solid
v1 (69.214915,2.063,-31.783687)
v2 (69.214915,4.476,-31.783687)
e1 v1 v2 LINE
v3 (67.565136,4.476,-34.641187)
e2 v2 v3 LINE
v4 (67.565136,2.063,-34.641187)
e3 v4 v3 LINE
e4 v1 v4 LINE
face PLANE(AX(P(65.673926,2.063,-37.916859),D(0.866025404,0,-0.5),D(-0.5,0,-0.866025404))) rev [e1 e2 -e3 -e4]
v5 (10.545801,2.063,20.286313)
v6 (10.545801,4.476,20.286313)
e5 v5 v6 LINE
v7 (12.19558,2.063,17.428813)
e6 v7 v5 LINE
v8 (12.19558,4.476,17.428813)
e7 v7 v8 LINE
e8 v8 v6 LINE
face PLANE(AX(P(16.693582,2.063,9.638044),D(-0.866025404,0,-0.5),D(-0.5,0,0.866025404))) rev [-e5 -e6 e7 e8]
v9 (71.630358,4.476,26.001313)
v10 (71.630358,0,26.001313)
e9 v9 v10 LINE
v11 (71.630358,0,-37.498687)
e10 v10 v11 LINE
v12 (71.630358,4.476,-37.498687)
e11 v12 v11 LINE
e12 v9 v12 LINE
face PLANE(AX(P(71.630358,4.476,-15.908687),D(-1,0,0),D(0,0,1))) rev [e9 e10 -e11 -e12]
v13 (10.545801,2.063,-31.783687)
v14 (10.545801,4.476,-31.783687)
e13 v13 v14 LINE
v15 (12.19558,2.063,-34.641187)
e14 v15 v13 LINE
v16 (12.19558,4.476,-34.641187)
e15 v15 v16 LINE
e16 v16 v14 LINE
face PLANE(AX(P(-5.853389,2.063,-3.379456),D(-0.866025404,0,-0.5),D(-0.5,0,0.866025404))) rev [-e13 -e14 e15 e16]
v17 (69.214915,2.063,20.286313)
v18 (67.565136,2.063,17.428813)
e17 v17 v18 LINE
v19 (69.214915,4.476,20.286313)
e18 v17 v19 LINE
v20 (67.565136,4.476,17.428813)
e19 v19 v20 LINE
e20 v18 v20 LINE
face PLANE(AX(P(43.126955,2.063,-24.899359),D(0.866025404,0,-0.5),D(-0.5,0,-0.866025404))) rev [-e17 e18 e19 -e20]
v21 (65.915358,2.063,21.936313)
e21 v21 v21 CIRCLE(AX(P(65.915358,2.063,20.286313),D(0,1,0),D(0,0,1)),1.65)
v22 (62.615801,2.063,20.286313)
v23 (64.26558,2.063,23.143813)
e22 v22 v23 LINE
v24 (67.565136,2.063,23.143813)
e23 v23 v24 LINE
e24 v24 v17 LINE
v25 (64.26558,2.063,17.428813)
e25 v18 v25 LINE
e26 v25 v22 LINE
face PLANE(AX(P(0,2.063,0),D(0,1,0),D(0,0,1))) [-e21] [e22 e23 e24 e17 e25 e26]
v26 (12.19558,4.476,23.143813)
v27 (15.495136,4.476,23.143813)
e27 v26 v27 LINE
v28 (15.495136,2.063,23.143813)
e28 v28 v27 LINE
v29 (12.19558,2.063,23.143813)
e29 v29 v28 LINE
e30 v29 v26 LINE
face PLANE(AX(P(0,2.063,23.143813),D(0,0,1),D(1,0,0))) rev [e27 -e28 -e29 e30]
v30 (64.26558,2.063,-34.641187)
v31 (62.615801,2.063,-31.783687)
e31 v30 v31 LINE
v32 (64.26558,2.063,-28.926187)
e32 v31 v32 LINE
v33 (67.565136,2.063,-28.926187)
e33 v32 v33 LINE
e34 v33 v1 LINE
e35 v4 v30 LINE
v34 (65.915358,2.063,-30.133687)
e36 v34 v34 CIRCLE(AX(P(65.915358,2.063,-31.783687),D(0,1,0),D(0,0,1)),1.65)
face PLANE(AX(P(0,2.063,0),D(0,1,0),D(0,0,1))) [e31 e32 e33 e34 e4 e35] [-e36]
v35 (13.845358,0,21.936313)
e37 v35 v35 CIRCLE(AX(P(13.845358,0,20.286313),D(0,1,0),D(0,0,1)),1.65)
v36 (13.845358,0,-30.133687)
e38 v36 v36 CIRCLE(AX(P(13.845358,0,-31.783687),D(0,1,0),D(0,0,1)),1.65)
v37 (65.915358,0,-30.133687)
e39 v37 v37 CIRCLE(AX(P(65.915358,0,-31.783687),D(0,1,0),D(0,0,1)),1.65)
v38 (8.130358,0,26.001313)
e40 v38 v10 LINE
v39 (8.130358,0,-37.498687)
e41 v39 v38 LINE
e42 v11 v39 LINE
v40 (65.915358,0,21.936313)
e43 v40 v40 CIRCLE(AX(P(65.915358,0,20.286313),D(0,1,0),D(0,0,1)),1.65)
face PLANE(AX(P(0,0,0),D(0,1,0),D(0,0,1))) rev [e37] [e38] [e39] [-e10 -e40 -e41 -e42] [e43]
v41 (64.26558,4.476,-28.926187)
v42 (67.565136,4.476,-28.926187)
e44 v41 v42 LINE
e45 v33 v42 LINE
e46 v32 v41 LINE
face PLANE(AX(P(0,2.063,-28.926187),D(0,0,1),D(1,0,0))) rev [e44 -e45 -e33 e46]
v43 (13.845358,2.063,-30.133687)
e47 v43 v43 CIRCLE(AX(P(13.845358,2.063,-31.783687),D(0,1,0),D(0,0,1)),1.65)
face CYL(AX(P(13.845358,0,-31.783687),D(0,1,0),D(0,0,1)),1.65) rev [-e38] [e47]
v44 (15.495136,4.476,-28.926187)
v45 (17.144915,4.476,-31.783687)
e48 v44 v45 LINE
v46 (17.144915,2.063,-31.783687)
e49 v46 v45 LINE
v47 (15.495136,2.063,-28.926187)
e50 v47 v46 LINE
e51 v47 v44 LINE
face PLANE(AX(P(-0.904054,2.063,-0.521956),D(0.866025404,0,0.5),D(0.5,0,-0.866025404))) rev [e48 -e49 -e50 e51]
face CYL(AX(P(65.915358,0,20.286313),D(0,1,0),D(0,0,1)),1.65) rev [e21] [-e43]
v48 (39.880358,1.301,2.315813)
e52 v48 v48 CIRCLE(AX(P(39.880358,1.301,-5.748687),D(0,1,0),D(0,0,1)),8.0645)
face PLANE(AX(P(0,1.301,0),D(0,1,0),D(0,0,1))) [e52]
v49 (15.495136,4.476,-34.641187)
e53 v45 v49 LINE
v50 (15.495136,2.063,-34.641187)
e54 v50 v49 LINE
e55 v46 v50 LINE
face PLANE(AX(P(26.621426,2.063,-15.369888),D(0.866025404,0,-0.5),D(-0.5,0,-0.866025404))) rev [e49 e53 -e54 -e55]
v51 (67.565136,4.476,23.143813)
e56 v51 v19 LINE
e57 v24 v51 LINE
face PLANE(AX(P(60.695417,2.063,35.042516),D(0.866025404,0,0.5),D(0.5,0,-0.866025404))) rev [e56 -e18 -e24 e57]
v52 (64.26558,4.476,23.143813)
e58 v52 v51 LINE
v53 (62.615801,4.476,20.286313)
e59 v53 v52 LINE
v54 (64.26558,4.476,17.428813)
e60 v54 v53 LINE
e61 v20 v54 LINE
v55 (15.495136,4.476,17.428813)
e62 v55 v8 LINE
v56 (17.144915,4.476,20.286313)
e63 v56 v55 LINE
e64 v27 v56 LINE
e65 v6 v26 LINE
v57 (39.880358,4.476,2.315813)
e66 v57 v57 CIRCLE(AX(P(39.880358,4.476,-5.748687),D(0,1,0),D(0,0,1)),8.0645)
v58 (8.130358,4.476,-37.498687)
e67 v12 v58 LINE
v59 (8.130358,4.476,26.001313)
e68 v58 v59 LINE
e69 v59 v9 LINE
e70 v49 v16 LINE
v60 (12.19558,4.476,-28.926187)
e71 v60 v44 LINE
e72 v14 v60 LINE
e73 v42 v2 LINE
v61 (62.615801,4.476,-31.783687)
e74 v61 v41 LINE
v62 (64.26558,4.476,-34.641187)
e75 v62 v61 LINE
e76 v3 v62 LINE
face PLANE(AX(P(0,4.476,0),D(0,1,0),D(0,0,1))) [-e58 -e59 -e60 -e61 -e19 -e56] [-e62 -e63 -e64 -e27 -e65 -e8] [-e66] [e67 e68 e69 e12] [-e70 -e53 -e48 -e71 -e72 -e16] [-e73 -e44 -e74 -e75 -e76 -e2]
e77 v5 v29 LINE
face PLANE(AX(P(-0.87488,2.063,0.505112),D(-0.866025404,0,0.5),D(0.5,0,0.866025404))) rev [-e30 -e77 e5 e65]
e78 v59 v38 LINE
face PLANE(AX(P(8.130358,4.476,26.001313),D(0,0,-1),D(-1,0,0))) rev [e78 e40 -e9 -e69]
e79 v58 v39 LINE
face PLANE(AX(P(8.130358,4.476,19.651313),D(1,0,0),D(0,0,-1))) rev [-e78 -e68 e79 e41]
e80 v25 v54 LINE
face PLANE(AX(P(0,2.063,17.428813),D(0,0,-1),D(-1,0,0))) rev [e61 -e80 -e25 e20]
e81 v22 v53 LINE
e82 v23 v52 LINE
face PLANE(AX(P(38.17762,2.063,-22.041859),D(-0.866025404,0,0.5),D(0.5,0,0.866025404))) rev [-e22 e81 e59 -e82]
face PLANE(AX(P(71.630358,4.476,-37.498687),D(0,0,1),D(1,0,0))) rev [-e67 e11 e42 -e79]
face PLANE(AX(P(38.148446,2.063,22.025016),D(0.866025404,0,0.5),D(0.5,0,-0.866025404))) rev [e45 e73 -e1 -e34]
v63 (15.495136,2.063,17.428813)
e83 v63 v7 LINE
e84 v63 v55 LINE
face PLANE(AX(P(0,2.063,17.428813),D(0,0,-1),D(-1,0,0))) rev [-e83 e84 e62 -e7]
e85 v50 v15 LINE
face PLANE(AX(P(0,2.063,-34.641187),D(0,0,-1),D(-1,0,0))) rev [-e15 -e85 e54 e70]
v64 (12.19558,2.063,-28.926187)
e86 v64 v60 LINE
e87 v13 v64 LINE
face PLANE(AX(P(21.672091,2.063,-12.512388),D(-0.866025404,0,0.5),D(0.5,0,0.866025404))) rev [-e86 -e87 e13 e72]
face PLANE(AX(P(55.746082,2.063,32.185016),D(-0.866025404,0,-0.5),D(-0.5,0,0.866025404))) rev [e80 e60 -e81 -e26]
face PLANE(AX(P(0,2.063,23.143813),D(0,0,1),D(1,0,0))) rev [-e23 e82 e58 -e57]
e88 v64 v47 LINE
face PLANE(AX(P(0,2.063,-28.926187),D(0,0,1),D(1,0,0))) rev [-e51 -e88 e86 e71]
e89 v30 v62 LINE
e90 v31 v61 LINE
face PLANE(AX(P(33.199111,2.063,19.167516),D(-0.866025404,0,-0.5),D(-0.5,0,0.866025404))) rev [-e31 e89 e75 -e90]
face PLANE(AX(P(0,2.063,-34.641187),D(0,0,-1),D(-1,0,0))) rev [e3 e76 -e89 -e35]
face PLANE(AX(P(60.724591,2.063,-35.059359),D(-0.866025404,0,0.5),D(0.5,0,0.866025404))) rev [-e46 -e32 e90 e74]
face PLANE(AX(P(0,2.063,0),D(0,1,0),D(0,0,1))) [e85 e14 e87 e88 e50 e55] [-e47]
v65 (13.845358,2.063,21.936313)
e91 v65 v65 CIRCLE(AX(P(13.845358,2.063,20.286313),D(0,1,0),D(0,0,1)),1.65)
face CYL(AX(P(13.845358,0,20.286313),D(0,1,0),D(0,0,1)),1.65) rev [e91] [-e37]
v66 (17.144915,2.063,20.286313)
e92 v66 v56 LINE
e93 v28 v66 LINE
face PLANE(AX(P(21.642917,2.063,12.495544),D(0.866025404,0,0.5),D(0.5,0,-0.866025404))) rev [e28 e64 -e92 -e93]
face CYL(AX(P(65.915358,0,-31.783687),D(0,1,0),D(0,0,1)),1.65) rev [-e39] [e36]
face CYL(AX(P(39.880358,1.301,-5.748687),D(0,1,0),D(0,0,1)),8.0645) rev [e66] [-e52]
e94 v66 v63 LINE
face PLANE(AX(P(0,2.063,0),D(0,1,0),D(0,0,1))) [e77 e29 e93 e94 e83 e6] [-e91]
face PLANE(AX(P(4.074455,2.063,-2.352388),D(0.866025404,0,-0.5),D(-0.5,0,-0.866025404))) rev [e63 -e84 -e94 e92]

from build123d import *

# Parameters (mm, degrees)
BOSS_EXTRUDE1_DEPTH = 4.476
CUT_EXTRUDE1_DEPTH  = 2.413
SKETCH4_R           = 1.65
CUT_EXTRUDE2_DEPTH  = 5.476
SKETCH5_R           = 8.0645
CUT_EXTRUDE3_DEPTH  = 3.175


with BuildPart() as part:
    # Sketch1 → Boss-Extrude1 (new body)
    with BuildSketch(Plane(origin=(0, 0, 0), x_dir=(1, 0, 0), z_dir=(0, 1, 0))):
        Polygon((8.13035809, -26.001312997), (71.63035809, -26.001312997), (71.63035809, -13.301312997), (71.63035809, 15.908687003), (71.63035809, 37.498687003), (8.13035809, 37.498687003), (8.13035809, 22.258687003), (8.13035809, -19.651312997), align=None)
    extrude(amount=BOSS_EXTRUDE1_DEPTH)

    # Sketch2 → Cut-Extrude1 (cut)
    with BuildSketch(Plane(origin=(0, 4.476, 0), x_dir=(1, 0, 0), z_dir=(0, 1, 0))):
        Polygon((64.265579696, 28.926187003), (67.565136484, 28.926187003), (69.214914879, 31.783687003), (67.565136484, 34.641187003), (64.265579696, 34.641187003), (62.615801302, 31.783687003), align=None)
        Polygon((17.144914879, 31.783687003), (15.495136484, 34.641187003), (12.195579696, 34.641187003), (10.545801302, 31.783687003), (12.195579696, 28.926187003), (15.495136484, 28.926187003), align=None)
        Polygon((64.265579696, -23.143812997), (67.565136484, -23.143812997), (69.214914879, -20.286312997), (67.565136484, -17.428812997), (64.265579696, -17.428812997), (62.615801302, -20.286312997), align=None)
        Polygon((12.195579696, -23.143812997), (15.495136484, -23.143812997), (17.144914879, -20.286312997), (15.495136484, -17.428812997), (12.195579696, -17.428812997), (10.545801302, -20.286312997), align=None)
    extrude(amount=-CUT_EXTRUDE1_DEPTH, mode=Mode.SUBTRACT)

    # Sketch4 → Cut-Extrude2 (cut, through all)
    with BuildSketch(Plane(origin=(0, 4.476, 0), x_dir=(1, 0, 0), z_dir=(0, 1, 0))):
        with Locations((65.91535809, 31.783687003)):
            Circle(SKETCH4_R)
        with Locations((13.84535809, 31.783687003)):
            Circle(SKETCH4_R)
        with Locations((65.91535809, -20.286312997)):
            Circle(SKETCH4_R)
        with Locations((13.84535809, -20.286312997)):
            Circle(SKETCH4_R)
    extrude(amount=-CUT_EXTRUDE2_DEPTH, mode=Mode.SUBTRACT)

    # Sketch5 → Cut-Extrude3 (cut)
    with BuildSketch(Plane(origin=(0, 4.476, 0), x_dir=(1, 0, 0), z_dir=(0, 1, 0))):
        with Locations((39.88035809, 5.748687003)):
            Circle(SKETCH5_R)
    extrude(amount=-CUT_EXTRUDE3_DEPTH, mode=Mode.SUBTRACT)


solid = part.part
